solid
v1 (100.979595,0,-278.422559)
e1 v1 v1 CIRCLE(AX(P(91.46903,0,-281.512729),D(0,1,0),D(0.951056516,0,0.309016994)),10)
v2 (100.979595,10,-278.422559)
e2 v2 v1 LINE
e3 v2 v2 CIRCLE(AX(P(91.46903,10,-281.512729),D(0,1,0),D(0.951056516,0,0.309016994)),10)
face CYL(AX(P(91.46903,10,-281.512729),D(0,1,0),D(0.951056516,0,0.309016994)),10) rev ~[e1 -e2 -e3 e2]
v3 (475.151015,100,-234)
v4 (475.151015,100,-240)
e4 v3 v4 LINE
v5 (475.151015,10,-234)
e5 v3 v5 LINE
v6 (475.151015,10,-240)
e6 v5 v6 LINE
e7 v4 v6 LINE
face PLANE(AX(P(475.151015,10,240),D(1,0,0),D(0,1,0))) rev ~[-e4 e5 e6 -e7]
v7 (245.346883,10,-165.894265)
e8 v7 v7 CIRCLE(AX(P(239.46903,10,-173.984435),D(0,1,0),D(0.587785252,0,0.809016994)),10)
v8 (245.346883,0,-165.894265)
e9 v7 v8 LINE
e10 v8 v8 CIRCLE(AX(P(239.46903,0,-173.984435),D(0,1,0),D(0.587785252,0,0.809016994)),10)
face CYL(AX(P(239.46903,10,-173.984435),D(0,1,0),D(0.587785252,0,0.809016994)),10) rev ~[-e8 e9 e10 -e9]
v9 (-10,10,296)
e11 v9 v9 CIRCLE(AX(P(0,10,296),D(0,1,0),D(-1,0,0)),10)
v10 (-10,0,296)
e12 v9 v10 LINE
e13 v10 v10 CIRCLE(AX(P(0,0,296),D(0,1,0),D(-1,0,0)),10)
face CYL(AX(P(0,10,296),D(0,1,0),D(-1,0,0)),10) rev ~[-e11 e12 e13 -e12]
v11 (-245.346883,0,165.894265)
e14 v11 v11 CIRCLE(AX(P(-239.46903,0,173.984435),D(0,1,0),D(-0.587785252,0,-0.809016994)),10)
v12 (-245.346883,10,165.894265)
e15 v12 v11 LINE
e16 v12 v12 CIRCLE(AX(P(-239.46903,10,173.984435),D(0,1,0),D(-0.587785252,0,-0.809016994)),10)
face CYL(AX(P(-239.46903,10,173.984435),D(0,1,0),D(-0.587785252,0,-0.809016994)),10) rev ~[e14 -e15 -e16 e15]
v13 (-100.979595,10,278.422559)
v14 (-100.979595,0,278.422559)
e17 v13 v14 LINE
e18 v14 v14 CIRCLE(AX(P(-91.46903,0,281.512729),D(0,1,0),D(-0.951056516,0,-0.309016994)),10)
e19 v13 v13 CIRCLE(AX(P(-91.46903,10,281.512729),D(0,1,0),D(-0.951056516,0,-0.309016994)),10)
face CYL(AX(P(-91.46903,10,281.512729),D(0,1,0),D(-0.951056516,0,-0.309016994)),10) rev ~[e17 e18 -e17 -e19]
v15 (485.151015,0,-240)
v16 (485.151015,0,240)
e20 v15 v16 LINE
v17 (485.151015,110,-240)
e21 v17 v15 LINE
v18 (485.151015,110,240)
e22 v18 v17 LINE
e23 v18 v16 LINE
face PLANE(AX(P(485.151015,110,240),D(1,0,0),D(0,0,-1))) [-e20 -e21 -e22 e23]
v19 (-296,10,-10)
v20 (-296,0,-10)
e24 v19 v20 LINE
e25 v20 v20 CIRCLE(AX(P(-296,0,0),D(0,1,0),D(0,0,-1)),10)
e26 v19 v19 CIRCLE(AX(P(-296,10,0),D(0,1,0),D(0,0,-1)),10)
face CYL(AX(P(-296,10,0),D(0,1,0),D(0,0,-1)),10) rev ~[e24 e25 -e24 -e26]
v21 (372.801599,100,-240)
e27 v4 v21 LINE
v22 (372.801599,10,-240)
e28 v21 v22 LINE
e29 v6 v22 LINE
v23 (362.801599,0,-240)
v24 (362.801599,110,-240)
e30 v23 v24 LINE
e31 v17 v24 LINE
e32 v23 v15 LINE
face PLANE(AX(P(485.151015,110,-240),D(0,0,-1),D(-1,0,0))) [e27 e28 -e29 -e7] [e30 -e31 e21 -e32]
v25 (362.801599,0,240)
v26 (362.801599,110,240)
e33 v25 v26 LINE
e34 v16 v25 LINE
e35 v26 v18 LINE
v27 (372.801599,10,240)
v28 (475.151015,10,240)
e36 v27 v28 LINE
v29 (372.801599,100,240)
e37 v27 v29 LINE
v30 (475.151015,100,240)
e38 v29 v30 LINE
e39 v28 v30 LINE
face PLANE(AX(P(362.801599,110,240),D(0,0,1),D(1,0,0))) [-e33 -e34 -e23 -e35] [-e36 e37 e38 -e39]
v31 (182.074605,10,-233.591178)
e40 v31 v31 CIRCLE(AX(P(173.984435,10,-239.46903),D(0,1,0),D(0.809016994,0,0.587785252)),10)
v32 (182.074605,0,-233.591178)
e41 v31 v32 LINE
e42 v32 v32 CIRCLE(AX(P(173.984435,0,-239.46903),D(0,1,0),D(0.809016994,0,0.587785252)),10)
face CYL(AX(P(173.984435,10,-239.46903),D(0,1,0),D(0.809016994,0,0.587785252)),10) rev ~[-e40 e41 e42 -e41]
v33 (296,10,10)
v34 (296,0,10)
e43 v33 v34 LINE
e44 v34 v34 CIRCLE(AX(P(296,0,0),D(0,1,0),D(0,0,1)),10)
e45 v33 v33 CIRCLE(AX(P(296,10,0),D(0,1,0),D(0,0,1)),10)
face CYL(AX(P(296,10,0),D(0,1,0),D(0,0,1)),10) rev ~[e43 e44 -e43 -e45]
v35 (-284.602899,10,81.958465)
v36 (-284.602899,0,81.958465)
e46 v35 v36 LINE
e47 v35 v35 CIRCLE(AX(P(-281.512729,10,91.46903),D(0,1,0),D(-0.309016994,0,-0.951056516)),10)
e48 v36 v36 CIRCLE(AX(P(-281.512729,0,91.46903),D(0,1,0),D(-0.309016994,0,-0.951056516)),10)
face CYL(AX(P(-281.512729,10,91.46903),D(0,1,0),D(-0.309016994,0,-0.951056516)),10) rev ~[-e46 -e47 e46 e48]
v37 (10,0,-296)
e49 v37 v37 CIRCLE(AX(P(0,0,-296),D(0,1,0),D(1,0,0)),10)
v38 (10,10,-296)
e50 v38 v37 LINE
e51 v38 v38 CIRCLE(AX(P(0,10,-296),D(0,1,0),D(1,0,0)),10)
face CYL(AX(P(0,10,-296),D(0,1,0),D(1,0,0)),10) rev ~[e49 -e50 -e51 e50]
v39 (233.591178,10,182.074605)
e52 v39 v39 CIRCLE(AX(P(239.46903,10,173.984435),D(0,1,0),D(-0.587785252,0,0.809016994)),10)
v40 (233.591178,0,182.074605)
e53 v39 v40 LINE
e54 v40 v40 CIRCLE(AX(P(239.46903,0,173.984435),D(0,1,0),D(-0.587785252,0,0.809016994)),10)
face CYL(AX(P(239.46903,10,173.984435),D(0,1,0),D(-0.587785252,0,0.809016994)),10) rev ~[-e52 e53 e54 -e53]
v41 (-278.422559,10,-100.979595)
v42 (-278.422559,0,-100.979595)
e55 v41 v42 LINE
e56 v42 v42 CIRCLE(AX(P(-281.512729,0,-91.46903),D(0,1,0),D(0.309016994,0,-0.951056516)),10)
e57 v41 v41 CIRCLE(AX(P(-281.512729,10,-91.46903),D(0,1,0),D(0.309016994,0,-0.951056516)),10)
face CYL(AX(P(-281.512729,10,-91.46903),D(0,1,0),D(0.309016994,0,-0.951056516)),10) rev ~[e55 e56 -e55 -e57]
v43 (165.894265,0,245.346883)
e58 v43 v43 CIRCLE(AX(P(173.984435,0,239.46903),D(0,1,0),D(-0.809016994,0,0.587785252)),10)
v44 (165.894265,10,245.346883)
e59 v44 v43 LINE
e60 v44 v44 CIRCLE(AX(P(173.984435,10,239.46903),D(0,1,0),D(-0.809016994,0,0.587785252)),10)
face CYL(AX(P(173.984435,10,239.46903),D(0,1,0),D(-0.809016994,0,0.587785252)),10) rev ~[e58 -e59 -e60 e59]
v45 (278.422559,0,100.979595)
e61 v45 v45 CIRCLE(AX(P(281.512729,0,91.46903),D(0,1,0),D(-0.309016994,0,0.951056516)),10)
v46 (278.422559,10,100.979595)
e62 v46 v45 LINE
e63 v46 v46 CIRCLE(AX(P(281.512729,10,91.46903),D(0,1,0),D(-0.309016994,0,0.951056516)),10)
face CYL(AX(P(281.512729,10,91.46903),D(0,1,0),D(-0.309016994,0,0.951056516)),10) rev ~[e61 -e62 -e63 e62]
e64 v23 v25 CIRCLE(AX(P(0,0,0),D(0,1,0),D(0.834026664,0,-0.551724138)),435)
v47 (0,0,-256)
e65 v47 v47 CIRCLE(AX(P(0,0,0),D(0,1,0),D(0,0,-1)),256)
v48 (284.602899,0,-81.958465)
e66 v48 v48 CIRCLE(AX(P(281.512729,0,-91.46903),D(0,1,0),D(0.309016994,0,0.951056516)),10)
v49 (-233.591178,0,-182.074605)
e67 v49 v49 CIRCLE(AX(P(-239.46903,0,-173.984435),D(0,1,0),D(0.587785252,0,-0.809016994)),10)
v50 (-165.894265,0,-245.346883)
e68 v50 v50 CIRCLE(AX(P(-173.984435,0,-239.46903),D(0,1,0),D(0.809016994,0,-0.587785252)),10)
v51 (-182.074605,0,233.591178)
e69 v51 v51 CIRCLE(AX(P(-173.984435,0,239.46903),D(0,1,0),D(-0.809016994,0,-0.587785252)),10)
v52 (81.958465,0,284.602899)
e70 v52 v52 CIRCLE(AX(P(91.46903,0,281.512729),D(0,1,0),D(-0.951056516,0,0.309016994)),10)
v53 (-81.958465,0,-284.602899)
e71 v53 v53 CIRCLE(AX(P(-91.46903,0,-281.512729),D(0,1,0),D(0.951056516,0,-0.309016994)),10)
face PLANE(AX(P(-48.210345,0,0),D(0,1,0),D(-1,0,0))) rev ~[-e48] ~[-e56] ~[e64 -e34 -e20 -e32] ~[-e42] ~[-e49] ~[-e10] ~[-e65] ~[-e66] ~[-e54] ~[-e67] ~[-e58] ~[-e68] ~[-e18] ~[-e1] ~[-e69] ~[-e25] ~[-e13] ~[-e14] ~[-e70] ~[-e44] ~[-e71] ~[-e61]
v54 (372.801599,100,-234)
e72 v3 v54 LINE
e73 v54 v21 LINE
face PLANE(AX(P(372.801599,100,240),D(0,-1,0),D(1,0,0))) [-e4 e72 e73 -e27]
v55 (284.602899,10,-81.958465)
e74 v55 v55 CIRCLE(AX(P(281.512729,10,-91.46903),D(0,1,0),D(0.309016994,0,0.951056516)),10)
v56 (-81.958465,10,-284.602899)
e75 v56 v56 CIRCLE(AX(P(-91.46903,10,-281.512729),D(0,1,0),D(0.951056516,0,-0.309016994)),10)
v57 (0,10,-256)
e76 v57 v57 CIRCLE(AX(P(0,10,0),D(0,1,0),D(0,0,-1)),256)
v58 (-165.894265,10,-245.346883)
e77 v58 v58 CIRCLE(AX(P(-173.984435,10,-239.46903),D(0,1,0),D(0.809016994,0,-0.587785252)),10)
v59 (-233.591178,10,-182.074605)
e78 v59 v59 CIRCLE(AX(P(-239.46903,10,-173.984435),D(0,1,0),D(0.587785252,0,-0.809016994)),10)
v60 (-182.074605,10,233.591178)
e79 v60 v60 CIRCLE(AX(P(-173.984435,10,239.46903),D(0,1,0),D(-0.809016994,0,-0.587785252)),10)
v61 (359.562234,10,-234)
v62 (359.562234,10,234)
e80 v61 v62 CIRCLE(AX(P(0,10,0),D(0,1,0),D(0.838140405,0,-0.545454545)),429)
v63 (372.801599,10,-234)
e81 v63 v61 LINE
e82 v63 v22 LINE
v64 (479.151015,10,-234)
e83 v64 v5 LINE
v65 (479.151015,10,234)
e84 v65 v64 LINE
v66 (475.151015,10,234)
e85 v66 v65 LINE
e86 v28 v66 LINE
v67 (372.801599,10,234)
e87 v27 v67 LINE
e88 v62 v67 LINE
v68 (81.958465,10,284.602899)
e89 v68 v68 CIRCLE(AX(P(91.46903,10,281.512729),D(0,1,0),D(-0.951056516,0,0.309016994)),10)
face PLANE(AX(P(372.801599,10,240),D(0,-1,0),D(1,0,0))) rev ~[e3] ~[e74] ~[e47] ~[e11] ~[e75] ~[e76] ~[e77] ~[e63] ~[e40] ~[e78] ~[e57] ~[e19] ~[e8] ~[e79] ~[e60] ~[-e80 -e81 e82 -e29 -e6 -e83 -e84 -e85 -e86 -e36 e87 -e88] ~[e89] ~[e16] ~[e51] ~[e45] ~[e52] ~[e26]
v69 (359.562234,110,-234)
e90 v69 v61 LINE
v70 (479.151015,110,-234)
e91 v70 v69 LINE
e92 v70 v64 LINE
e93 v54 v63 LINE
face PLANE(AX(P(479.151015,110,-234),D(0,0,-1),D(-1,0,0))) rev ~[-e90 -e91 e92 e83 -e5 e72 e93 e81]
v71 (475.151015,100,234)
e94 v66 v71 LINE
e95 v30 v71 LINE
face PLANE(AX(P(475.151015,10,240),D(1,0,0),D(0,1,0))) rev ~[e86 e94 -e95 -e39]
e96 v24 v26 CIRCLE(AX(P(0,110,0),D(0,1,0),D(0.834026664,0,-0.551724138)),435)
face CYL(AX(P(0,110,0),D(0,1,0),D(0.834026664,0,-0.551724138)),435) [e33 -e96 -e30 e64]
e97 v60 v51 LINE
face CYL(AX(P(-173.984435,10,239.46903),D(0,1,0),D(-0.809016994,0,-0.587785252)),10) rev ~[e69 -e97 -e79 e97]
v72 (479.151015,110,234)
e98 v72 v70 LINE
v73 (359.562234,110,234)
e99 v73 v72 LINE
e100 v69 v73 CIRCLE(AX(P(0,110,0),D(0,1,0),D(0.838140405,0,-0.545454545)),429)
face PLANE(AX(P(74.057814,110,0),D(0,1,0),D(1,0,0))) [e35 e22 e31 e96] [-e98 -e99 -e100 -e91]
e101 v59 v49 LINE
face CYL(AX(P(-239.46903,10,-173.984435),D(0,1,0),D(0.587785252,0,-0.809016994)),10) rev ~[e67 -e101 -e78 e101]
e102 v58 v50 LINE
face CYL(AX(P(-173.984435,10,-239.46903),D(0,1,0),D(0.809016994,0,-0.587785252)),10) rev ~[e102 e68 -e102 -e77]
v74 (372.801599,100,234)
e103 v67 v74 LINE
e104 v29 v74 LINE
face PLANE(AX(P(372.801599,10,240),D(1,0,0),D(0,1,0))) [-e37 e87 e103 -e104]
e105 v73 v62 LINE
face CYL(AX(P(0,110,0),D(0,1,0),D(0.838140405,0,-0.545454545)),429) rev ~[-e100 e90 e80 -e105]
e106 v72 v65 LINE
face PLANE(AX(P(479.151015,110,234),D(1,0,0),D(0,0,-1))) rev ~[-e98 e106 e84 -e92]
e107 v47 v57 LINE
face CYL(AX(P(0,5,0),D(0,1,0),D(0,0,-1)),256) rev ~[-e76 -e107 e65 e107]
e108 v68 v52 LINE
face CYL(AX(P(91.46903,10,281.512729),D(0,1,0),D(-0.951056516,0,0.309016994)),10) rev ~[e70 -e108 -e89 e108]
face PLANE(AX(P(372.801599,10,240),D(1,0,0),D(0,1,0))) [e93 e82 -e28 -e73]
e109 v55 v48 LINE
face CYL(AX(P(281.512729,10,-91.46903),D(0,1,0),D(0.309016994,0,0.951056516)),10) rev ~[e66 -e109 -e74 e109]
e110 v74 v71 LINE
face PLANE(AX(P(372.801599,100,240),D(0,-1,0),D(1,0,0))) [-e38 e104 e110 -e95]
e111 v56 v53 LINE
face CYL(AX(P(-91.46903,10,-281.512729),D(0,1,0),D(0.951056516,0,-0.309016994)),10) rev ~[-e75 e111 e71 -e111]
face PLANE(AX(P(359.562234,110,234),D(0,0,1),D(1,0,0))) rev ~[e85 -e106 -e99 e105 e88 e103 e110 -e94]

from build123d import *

# Parameters (mm, degrees)
ESQUISSE1_W                  = 80
ESQUISSE1_H                  = 10
ESQUISSE3_R                  = 10
ENL_V_MAT_EXTRU_1_DEPTH      = 476.280969533
R_P_TITION_CIRCULAIRE1_COUNT = 20
BOSS_EXTRU_1_START           = -10
BOSS_EXTRU_1_DEPTH           = 10
BOSS_EXTRU_2_START           = -10
BOSS_EXTRU_2_DEPTH           = 10
BOSS_EXTRU_3_START           = 100
BOSS_EXTRU_3_DEPTH           = 100
ESQUISSE8_W                  = 102.349416634
ESQUISSE8_H                  = 90
ENL_V_MAT_EXTRU_2_DEPTH      = 839.508501837


with BuildPart() as part:
    # Esquisse1 → Révolution1 (revolve)
    with BuildSketch(Plane.XY, mode=Mode.PRIVATE) as r_volution1_sk:
        with Locations((296, 5)):
            Rectangle(ESQUISSE1_W, ESQUISSE1_H)
    revolve(r_volution1_sk.sketch.rotate(Axis((0, 0, 0), (0, 1, 0)), 90), axis=Axis((0, 0, 0), (0, 1, 0)))

    # Esquisse3 → Enlèv. mat.-Extru.1 (cut, through all)
    with BuildSketch(Plane(origin=(0, 10, 0), x_dir=(1, 0, 0), z_dir=(0, 1, 0))):
        with Locations(Location((296, 0, 0), (0, 0, 270))):
            Circle(ESQUISSE3_R)
    enl_v_mat_extru_1 = extrude(amount=-ENL_V_MAT_EXTRU_1_DEPTH, mode=Mode.SUBTRACT)

    # Répétition circulaire1: Enlèv. mat.-Extru.1 ×20 about axis
    r_p_tition_circulaire1_axis = Axis((0, 0, 0), (0, 1, 0))
    for i in range(1, R_P_TITION_CIRCULAIRE1_COUNT):
        add(enl_v_mat_extru_1.rotate(r_p_tition_circulaire1_axis, i * 360 / R_P_TITION_CIRCULAIRE1_COUNT), mode=Mode.SUBTRACT)

    # Esquisse4 → Boss.-Extru.1 (add)
    with BuildSketch(Plane.XZ.offset(BOSS_EXTRU_1_START)):
        with BuildLine():
            Line((485.151015307, -240), (485.151015307, 240))
            Line((485.151015307, 240), (235.151015307, 240))
            ThreePointArc((235.151015307, 240), (336, 0), (235.151015307, -240))
            Line((235.151015307, -240), (485.151015307, -240))
        make_face()
    extrude(amount=BOSS_EXTRU_1_DEPTH)

    # Esquisse5 → Boss.-Extru.2 (add)
    with BuildSketch(Plane.XZ.offset(BOSS_EXTRU_2_START)):
        with BuildLine():
            Line((235.151015307, -240), (362.801598673, -240))
            ThreePointArc((362.801598673, -240), (-435, 0), (362.801598673, 240))
            Line((362.801598673, 240), (235.151015307, 240))
            ThreePointArc((235.151015307, 240), (-336, 0), (235.151015307, -240))
        make_face()
    extrude(amount=BOSS_EXTRU_2_DEPTH)

    # Esquisse6 → Boss.-Extru.3 (add)
    with BuildSketch(Plane(origin=(0, 10, 0), x_dir=(1, 0, 0), z_dir=(0, 1, 0)).offset(BOSS_EXTRU_3_START)):
        with BuildLine():
            Line((485.151015307, 240), (362.801598673, 240))
            ThreePointArc((362.801598673, 240), (-435, 0), (362.801598673, -240))
            Line((362.801598673, -240), (485.151015307, -240))
            Line((485.151015307, -240), (485.151015307, 240))
        make_face()
        with BuildLine():
            ThreePointArc((359.562233834, 234), (-429, 0), (359.562233834, -234))
            Line((359.562233834, -234), (479.151015307, -234))
            Line((479.151015307, -234), (479.151015307, 234))
            Line((479.151015307, 234), (359.562233834, 234))
        make_face(mode=Mode.SUBTRACT)
    extrude(amount=-BOSS_EXTRU_3_DEPTH)

    # Esquisse8 → Enlèv. mat.-Extru.2 (cut, through all)
    with BuildSketch(Plane.XY.offset(240)):
        with Locations((423.97630699, 55)):
            Rectangle(ESQUISSE8_W, ESQUISSE8_H)
    extrude(amount=-ENL_V_MAT_EXTRU_2_DEPTH, mode=Mode.SUBTRACT)


solid = part.part
